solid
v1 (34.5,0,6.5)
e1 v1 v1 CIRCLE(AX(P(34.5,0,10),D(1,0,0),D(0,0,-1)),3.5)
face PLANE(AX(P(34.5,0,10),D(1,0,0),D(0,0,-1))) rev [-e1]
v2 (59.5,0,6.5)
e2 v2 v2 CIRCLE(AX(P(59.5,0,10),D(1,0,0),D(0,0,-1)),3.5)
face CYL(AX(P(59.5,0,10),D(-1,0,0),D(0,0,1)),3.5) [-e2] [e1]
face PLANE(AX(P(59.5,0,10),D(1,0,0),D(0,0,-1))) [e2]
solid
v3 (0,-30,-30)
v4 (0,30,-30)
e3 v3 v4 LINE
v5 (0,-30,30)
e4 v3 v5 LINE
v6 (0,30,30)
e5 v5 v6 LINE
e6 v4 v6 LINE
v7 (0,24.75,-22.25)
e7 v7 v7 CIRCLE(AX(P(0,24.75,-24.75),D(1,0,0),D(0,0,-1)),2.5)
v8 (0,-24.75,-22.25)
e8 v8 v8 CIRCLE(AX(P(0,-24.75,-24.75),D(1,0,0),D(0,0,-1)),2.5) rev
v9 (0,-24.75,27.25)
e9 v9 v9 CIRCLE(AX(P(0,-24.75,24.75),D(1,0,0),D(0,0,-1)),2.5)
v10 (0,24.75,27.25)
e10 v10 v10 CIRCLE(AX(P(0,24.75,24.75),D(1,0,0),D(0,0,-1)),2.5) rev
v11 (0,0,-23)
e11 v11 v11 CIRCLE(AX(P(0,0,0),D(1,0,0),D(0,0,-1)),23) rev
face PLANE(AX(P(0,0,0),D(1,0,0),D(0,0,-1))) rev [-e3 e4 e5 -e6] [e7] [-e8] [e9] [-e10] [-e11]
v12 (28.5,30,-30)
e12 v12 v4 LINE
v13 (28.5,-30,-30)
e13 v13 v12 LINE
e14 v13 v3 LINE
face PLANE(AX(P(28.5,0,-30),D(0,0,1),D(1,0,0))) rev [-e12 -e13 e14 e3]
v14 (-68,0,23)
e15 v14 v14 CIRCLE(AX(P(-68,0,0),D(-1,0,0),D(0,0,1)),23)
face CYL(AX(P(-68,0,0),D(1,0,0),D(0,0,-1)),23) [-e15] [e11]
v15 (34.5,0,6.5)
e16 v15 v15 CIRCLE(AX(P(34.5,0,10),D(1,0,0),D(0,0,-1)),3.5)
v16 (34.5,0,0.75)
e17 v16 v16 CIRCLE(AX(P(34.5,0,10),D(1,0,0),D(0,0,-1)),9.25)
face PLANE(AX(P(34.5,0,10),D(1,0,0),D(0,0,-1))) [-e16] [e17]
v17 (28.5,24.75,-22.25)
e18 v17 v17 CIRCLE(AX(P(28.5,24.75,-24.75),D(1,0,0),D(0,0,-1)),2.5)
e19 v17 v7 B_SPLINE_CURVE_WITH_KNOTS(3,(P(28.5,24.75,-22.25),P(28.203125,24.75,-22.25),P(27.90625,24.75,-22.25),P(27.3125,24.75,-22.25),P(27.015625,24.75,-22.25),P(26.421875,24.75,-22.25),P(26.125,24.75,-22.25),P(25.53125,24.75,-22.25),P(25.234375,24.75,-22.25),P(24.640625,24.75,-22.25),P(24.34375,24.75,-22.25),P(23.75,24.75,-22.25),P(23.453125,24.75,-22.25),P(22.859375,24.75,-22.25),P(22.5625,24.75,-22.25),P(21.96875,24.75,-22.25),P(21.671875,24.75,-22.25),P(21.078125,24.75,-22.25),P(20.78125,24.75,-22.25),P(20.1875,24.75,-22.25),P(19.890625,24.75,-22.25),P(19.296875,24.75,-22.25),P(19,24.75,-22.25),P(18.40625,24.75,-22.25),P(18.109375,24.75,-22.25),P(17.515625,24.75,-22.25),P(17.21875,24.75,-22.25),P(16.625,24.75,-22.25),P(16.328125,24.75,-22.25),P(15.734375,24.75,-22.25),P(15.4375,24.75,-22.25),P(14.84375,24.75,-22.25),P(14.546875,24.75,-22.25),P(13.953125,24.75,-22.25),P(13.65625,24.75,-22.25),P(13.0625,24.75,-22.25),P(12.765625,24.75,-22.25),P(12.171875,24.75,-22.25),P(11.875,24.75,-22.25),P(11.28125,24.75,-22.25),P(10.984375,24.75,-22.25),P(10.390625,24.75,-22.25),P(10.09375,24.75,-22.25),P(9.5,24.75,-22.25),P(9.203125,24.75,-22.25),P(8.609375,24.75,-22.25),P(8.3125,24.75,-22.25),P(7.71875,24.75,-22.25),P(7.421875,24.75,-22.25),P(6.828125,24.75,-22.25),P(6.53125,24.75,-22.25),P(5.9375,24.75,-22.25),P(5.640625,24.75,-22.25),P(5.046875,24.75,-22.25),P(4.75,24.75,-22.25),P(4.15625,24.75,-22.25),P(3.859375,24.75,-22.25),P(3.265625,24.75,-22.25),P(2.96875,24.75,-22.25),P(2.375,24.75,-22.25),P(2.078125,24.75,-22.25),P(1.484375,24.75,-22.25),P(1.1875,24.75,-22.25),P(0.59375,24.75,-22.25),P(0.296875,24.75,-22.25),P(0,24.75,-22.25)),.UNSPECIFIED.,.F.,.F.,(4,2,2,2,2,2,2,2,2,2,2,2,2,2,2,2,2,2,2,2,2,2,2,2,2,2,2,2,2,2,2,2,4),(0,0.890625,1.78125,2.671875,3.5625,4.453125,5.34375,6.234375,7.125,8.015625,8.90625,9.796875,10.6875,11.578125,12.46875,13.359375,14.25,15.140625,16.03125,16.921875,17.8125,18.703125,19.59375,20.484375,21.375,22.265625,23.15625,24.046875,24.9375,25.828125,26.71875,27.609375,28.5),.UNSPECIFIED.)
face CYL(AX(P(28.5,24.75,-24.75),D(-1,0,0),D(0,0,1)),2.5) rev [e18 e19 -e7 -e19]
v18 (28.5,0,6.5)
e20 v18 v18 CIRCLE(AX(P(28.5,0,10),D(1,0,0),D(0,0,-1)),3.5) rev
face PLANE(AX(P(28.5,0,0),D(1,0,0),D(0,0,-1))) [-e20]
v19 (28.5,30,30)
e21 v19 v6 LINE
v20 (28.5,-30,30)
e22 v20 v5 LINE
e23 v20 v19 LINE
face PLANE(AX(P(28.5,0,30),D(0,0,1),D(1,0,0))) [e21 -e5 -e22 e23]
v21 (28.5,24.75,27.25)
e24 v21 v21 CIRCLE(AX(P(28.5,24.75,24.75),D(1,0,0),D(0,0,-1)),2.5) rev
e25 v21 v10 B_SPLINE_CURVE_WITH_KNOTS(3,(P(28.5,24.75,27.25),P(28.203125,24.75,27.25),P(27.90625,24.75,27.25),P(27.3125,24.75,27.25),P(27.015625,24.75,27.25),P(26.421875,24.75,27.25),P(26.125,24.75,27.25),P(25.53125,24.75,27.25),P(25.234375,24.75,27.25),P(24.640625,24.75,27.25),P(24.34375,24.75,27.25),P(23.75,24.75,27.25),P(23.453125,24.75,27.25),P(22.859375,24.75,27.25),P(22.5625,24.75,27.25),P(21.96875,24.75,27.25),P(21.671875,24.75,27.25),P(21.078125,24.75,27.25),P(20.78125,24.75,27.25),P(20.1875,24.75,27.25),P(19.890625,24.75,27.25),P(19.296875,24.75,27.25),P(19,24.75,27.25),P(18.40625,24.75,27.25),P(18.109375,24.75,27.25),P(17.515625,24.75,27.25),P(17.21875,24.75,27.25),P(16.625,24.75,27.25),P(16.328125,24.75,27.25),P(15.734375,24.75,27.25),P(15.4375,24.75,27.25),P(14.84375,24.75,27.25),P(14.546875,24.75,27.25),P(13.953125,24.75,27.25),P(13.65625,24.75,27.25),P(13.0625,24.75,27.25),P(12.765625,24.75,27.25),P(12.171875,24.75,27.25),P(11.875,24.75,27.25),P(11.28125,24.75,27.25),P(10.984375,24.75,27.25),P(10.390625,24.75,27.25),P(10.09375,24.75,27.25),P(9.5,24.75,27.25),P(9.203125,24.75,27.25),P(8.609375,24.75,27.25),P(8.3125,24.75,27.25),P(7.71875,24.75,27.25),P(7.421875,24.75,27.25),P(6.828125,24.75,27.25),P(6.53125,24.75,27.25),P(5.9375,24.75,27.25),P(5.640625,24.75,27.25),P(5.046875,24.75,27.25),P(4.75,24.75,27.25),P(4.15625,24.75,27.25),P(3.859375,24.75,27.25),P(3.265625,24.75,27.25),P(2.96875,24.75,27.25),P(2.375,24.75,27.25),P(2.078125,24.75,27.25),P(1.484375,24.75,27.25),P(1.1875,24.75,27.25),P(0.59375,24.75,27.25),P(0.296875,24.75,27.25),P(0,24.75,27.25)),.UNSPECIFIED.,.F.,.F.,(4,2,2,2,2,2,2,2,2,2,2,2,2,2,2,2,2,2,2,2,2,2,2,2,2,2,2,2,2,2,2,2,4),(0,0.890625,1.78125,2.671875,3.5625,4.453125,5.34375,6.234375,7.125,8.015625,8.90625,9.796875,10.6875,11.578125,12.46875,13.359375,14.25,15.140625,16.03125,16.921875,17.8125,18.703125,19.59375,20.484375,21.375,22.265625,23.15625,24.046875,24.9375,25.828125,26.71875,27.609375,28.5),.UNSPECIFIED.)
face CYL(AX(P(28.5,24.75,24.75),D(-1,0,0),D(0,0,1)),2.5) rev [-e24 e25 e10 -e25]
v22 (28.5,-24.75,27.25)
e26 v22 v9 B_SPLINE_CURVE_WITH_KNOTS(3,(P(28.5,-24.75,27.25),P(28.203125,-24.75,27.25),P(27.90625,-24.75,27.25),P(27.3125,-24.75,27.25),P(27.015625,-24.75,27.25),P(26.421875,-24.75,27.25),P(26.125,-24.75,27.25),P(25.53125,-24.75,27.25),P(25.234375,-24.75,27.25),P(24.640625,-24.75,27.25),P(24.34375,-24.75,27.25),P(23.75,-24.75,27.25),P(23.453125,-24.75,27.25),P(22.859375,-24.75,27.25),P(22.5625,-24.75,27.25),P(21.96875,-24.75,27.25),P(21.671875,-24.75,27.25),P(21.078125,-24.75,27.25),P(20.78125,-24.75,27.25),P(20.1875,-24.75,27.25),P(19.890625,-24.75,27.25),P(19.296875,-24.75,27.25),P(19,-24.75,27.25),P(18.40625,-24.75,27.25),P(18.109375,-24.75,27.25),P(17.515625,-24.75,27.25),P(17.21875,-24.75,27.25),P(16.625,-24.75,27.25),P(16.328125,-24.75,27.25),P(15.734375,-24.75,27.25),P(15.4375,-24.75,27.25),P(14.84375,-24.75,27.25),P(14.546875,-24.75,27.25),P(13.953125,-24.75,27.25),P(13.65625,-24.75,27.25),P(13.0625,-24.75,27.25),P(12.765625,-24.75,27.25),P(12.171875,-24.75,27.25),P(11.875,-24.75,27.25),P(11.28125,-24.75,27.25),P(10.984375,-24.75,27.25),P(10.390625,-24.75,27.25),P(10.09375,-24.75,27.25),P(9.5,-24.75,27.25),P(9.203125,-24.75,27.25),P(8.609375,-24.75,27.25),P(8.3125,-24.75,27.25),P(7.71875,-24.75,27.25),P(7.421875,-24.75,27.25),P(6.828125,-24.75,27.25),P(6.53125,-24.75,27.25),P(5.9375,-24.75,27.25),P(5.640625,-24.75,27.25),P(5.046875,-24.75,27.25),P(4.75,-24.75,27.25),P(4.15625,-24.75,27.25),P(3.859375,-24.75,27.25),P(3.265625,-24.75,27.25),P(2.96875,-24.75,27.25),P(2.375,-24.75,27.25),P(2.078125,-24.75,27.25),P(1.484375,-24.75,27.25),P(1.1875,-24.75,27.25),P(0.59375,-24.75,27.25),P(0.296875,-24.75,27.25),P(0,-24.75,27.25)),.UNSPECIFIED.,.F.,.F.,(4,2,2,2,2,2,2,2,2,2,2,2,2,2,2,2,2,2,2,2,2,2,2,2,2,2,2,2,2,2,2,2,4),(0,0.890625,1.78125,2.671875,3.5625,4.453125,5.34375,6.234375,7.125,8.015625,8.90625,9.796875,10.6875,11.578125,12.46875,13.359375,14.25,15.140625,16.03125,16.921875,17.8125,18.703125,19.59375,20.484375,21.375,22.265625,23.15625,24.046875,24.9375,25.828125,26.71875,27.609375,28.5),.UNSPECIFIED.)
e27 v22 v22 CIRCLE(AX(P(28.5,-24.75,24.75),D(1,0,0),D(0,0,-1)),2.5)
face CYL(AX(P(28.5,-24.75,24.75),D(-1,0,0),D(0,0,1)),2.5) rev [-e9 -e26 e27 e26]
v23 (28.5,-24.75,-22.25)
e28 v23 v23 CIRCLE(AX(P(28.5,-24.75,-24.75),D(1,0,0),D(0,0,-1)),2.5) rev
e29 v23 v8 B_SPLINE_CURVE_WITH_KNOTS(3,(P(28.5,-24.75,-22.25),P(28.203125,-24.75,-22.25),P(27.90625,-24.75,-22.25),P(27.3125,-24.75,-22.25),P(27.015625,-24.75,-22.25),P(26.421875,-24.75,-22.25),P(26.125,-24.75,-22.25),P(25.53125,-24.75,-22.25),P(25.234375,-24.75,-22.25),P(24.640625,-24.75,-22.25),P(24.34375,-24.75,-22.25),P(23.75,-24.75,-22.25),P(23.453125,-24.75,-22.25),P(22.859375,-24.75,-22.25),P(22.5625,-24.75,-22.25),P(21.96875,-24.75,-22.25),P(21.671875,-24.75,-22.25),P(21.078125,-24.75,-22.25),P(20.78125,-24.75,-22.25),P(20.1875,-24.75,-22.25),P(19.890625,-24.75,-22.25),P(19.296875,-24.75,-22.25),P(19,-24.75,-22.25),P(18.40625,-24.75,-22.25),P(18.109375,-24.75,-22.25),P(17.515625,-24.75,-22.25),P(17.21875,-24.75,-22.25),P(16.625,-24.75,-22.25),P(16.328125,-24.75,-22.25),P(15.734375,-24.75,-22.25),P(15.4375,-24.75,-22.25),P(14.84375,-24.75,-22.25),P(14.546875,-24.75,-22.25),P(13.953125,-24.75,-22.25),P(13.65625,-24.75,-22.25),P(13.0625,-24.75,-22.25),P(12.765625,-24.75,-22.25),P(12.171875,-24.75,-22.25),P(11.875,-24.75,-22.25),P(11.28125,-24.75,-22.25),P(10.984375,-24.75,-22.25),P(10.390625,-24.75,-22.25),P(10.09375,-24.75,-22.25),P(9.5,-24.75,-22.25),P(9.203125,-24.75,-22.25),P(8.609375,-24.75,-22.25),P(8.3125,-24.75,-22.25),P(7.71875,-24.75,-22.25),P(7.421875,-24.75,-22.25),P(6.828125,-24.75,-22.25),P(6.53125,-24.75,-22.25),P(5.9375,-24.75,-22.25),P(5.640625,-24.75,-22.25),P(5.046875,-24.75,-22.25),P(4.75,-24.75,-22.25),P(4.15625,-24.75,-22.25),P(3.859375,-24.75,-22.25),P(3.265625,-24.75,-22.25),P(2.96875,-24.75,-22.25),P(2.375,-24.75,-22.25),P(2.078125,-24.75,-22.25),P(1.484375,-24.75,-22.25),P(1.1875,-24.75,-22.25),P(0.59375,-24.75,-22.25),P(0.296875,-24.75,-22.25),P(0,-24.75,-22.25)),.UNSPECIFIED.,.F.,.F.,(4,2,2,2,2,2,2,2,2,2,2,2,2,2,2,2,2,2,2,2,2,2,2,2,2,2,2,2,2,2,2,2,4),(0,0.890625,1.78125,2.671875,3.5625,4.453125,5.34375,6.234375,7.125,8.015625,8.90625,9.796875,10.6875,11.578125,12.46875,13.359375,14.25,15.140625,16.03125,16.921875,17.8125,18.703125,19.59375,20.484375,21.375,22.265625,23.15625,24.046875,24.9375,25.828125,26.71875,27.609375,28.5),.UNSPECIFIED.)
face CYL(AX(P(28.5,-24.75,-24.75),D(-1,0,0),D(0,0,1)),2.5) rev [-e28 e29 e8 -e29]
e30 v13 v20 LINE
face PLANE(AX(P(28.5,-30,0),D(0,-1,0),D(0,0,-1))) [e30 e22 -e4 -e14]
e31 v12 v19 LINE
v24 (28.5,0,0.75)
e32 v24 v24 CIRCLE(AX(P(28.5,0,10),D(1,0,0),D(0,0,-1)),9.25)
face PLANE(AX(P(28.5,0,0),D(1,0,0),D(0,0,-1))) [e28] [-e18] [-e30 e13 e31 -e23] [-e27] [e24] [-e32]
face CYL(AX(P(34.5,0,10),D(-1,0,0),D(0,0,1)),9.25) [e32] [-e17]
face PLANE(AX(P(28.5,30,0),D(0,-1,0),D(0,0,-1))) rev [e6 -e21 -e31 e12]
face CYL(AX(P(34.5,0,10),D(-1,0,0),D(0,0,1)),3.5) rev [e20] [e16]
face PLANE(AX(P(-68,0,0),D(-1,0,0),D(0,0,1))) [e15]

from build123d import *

# Parameters (mm, degrees)
SKETCH1_W           = 60
SKETCH1_H           = 60
SKETCH1_R           = 2.5
SKETCH1_R_2         = 9.25
SKETCH1_R_3         = 3.5
BOSS_EXTRUDE1_DEPTH = 28.5
BOSS_EXTRUDE2_START = 28.5
SKETCH1_3_R         = 9.25
SKETCH1_3_R_2       = 3.5
BOSS_EXTRUDE2_DEPTH = 6
BOSS_EXTRUDE3_START = 34.5
SKETCH1_4_R         = 3.5
BOSS_EXTRUDE3_DEPTH = 25
SKETCH2_R           = 23
BOSS_EXTRUDE4_DEPTH = 68


with BuildPart() as part:
    # Sketch1 → Boss-Extrude1 (new body)
    # profile 1 of 3: a face of its own
    with BuildSketch(Plane.YZ):
        Rectangle(SKETCH1_W, SKETCH1_H)
        with Locations(Location((24.75, 24.75, 0), (0, 0, 90))):
            Circle(SKETCH1_R, mode=Mode.SUBTRACT)
        with Locations(Location((-24.75, 24.75, 0), (0, 0, 90))):
            Circle(SKETCH1_R, mode=Mode.SUBTRACT)
        with Locations(Location((24.75, -24.75, 0), (0, 0, 90))):
            Circle(SKETCH1_R, mode=Mode.SUBTRACT)
        with Locations(Location((-24.75, -24.75, 0), (0, 0, 90))):
            Circle(SKETCH1_R, mode=Mode.SUBTRACT)
    # profile 2 of 3: a face of its own
    with BuildSketch(Plane.YZ):
        with Locations((0, 10)):
            Circle(SKETCH1_R_2)
        with Locations((0, 10)):
            Circle(SKETCH1_R_3, mode=Mode.SUBTRACT)
    # profile 3 of 3: a face of its own
    with BuildSketch(Plane.YZ):
        with Locations((0, 10)):
            Circle(SKETCH1_R_3)
    extrude(amount=BOSS_EXTRUDE1_DEPTH)

    # Sketch1<3> → Boss-Extrude2 (add)
    with BuildSketch(Plane.YZ.offset(BOSS_EXTRUDE2_START)):
        with Locations(Location((0, 10, 0), (0, 0, 270))):
            Circle(SKETCH1_3_R)
        with Locations(Location((0, 10, 0), (0, 0, 270))):
            Circle(SKETCH1_3_R_2, mode=Mode.SUBTRACT)
    extrude(amount=BOSS_EXTRUDE2_DEPTH)

    # Sketch2 → Boss-Extrude4 (add)
    with BuildSketch(Plane(origin=(0, 0, 0), x_dir=(0, -1, 0), z_dir=(-1, 0, 0))):
        with Locations(Location((0, 0, 0), (0, 0, 270))):
            Circle(SKETCH2_R)
    extrude(amount=BOSS_EXTRUDE4_DEPTH)


with BuildPart() as body_2:
    # Sketch1<4> → Boss-Extrude3 (new body)
    with BuildSketch(Plane.YZ.offset(BOSS_EXTRUDE3_START)):
        with Locations(Location((0, 10, 0), (0, 0, 270))):
            Circle(SKETCH1_4_R)
    extrude(amount=BOSS_EXTRUDE3_DEPTH)


solid = Compound([part.part, body_2.part])
